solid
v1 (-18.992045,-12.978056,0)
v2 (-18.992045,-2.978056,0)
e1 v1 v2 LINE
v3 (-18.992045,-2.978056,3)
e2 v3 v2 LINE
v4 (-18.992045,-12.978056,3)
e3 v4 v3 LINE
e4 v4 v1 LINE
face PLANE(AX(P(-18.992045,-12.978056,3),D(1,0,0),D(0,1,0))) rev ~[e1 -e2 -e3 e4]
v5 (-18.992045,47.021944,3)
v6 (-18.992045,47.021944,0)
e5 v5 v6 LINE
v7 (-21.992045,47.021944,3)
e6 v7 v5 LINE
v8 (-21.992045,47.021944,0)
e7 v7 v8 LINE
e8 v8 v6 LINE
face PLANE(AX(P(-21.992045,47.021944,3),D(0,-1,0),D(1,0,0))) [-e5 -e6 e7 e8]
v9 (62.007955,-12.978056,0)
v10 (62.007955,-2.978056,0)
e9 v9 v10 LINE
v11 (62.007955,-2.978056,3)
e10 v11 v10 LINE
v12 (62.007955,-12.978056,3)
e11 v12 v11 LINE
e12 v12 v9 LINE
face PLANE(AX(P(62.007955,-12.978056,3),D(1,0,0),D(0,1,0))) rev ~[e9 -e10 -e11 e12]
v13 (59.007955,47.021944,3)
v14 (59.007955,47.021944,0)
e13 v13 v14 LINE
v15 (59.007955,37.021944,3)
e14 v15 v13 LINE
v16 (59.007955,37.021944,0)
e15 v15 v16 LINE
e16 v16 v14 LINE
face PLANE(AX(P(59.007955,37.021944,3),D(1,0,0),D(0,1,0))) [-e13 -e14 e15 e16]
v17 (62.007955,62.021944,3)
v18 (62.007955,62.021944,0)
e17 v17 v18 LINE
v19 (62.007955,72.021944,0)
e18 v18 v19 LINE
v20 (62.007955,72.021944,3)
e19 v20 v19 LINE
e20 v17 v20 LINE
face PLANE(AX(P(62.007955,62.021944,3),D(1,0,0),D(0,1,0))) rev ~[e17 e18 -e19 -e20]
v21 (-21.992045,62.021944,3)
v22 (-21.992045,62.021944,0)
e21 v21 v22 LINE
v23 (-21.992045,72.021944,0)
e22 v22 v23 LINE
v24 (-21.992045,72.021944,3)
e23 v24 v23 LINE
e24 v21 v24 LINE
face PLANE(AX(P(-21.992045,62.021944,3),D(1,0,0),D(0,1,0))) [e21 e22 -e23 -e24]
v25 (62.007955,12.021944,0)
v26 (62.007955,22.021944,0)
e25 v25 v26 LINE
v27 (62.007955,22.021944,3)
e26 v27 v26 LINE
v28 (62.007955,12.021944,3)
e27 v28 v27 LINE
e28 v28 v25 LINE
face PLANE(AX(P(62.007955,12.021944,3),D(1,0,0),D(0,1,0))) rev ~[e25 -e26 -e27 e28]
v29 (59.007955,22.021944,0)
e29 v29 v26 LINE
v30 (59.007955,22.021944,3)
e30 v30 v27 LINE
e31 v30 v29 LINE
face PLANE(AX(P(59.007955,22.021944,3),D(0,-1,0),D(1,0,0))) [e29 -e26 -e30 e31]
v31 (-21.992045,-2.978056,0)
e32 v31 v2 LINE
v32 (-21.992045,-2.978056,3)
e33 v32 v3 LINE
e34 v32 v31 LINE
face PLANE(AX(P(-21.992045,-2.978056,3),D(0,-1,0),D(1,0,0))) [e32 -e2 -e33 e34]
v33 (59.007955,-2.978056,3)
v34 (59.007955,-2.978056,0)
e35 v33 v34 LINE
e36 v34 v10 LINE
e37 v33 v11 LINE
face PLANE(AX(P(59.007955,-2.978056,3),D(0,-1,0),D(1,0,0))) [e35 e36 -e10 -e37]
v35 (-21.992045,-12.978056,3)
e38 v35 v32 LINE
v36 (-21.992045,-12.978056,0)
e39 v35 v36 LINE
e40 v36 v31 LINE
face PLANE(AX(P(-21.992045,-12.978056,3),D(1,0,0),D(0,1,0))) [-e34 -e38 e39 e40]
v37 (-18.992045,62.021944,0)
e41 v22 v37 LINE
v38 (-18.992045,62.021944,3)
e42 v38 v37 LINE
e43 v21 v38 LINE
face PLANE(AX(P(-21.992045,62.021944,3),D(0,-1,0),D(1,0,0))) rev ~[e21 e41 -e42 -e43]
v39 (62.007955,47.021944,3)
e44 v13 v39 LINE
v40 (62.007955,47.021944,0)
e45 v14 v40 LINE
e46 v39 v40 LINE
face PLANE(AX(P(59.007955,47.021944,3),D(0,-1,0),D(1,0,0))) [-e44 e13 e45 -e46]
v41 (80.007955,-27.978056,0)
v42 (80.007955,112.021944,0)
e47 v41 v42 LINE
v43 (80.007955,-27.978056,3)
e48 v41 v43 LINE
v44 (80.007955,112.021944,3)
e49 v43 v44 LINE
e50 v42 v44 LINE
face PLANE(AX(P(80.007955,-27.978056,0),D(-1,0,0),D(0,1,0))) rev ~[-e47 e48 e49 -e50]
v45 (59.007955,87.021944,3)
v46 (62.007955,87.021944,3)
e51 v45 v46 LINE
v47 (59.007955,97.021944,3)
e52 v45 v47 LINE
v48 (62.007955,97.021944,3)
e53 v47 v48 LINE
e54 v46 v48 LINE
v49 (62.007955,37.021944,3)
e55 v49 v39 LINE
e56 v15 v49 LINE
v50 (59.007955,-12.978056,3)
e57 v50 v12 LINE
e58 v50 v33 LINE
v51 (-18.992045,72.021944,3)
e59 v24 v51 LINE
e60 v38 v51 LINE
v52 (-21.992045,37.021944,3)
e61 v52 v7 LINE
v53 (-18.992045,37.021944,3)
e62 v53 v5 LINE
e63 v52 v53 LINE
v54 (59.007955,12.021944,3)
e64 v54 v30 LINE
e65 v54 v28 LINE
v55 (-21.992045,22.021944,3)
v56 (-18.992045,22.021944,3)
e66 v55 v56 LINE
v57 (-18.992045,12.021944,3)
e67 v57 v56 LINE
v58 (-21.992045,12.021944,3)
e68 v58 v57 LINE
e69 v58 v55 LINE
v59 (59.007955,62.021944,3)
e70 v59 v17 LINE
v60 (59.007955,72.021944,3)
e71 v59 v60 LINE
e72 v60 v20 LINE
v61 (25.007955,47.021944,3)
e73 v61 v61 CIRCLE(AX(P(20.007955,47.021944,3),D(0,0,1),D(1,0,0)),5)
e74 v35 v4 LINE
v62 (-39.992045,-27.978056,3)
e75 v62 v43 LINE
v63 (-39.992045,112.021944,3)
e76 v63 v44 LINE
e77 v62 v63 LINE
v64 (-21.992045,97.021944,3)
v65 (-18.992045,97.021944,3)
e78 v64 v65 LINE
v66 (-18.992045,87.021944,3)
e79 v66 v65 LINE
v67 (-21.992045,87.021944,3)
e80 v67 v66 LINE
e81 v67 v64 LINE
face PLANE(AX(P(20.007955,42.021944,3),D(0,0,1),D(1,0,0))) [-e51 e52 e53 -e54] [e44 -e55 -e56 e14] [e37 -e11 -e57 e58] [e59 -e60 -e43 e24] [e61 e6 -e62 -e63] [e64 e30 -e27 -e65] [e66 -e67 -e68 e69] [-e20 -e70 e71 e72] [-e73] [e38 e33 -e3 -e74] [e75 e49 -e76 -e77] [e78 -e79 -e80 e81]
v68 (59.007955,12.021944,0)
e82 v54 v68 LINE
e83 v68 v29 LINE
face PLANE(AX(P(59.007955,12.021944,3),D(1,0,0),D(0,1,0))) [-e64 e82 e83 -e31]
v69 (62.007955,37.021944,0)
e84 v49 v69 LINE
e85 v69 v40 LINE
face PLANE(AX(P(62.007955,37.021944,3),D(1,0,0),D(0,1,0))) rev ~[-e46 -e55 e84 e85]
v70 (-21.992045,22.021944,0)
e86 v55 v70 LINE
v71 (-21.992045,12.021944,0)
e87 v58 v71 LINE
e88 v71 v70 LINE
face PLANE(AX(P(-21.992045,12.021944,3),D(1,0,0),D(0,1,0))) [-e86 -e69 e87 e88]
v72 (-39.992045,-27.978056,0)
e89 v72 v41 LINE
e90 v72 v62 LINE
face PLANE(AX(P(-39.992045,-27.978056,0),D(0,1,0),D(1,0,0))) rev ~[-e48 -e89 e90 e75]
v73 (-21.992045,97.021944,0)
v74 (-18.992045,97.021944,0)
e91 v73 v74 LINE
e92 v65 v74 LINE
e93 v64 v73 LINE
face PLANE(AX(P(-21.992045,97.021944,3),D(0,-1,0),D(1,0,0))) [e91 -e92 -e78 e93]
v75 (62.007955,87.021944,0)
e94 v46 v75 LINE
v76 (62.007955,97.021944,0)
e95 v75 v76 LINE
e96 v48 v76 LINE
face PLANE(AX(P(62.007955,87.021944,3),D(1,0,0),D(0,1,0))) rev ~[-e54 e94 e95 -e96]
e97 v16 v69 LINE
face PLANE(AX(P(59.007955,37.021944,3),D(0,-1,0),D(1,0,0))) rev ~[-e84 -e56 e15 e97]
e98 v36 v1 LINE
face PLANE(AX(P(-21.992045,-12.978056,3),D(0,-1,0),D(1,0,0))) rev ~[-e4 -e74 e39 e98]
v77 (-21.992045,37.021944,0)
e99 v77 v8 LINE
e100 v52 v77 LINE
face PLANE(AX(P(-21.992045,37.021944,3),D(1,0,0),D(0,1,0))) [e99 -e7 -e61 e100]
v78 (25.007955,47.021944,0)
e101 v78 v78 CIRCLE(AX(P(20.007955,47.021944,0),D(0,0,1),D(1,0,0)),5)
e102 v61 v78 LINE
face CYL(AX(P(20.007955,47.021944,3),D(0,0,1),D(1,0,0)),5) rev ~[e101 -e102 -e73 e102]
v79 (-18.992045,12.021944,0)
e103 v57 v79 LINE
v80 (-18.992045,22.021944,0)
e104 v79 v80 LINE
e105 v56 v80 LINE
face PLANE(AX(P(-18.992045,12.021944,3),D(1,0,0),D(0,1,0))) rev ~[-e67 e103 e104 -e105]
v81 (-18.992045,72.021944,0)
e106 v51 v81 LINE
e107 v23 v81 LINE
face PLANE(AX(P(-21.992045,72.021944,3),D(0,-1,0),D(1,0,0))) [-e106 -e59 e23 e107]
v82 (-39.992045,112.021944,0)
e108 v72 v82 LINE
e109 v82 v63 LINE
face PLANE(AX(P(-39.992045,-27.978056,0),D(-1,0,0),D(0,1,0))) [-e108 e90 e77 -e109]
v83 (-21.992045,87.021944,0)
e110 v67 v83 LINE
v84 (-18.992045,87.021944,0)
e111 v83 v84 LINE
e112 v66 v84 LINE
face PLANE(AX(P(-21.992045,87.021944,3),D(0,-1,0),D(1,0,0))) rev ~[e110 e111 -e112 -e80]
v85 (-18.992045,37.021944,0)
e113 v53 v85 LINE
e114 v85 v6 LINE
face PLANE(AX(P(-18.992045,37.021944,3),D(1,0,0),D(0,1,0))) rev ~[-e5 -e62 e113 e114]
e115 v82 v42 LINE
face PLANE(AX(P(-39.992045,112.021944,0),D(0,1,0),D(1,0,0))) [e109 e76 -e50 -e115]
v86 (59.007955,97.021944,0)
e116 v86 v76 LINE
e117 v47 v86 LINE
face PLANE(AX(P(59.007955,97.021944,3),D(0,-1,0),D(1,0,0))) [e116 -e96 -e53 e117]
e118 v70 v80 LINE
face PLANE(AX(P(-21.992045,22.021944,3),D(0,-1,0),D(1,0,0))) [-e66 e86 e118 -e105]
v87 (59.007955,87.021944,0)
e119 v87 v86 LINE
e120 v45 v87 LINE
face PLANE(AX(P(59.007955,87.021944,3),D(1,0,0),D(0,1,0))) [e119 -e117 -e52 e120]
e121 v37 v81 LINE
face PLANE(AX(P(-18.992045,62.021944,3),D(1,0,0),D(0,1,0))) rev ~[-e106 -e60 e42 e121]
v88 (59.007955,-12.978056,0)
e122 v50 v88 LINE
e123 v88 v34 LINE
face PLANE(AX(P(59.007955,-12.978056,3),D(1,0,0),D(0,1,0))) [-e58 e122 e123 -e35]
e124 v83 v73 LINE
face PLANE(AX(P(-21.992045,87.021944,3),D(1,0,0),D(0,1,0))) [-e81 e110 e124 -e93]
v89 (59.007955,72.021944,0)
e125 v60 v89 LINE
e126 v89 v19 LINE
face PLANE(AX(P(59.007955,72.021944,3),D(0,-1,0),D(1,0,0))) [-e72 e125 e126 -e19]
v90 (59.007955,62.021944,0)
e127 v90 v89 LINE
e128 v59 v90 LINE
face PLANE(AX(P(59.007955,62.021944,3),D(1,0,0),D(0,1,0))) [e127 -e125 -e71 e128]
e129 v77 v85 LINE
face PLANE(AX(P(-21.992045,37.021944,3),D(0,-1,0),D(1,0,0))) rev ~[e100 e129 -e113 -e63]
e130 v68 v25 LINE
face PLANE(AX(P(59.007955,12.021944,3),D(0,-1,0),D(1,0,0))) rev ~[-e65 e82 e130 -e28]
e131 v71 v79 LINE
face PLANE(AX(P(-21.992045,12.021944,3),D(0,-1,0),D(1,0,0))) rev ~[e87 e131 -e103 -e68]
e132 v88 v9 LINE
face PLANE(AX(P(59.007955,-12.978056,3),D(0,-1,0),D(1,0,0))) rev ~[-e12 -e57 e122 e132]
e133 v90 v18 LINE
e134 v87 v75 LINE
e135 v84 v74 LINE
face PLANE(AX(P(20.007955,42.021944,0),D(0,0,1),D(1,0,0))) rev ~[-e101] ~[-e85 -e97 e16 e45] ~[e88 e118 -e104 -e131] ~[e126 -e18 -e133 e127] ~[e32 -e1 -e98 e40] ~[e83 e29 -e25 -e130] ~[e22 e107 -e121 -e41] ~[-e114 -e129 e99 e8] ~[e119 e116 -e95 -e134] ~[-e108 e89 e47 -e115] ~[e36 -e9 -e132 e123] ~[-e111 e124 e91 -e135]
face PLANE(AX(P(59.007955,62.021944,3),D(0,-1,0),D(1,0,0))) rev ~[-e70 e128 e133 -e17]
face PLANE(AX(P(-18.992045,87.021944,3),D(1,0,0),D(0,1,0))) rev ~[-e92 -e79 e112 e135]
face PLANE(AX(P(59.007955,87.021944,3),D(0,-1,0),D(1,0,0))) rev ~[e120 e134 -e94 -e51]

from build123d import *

# Parameters (mm, degrees)
ESQUISSE1_W             = 120
ESQUISSE1_H             = 140
BOSS_EXTRU_1_DEPTH      = 3
ESQUISSE3_R             = 5
ESQUISSE3_W             = 3
ESQUISSE3_H             = 10
ENL_V_MAT_EXTRU_1_DEPTH = 138.692369665


with BuildPart() as part:
    # Esquisse1 → Boss.-Extru.1 (new body)
    with BuildSketch(Plane.XY):
        with Locations((20.007954742, 42.021943574)):
            Rectangle(ESQUISSE1_W, ESQUISSE1_H)
    extrude(amount=BOSS_EXTRU_1_DEPTH)

    # Esquisse3 → Enlèv. mat.-Extru.1 (cut, through all)
    with BuildSketch(Plane.XY.offset(3)):
        with Locations((20.007954742, 47.021943574)):
            Circle(ESQUISSE3_R)
        with Locations((-20.492045258, 67.021943574)):
            Rectangle(ESQUISSE3_W, ESQUISSE3_H)
        with Locations((-20.492045258, 92.021943574)):
            Rectangle(ESQUISSE3_W, ESQUISSE3_H)
        with Locations((-20.492045258, -7.978056426)):
            Rectangle(ESQUISSE3_W, ESQUISSE3_H)
        with Locations((-20.492045258, 42.021943574)):
            Rectangle(ESQUISSE3_W, ESQUISSE3_H)
        with Locations((-20.492045258, 17.021943574)):
            Rectangle(ESQUISSE3_W, ESQUISSE3_H)
        with Locations((60.507954742, -7.978056426)):
            Rectangle(ESQUISSE3_W, ESQUISSE3_H)
        with Locations((60.507954742, 17.021943574)):
            Rectangle(ESQUISSE3_W, ESQUISSE3_H)
        with Locations((60.507954742, 42.021943574)):
            Rectangle(ESQUISSE3_W, ESQUISSE3_H)
        with Locations((60.507954742, 67.021943574)):
            Rectangle(ESQUISSE3_W, ESQUISSE3_H)
        with Locations((60.507954742, 92.021943574)):
            Rectangle(ESQUISSE3_W, ESQUISSE3_H)
    extrude(amount=-ENL_V_MAT_EXTRU_1_DEPTH, mode=Mode.SUBTRACT)


solid = part.part
